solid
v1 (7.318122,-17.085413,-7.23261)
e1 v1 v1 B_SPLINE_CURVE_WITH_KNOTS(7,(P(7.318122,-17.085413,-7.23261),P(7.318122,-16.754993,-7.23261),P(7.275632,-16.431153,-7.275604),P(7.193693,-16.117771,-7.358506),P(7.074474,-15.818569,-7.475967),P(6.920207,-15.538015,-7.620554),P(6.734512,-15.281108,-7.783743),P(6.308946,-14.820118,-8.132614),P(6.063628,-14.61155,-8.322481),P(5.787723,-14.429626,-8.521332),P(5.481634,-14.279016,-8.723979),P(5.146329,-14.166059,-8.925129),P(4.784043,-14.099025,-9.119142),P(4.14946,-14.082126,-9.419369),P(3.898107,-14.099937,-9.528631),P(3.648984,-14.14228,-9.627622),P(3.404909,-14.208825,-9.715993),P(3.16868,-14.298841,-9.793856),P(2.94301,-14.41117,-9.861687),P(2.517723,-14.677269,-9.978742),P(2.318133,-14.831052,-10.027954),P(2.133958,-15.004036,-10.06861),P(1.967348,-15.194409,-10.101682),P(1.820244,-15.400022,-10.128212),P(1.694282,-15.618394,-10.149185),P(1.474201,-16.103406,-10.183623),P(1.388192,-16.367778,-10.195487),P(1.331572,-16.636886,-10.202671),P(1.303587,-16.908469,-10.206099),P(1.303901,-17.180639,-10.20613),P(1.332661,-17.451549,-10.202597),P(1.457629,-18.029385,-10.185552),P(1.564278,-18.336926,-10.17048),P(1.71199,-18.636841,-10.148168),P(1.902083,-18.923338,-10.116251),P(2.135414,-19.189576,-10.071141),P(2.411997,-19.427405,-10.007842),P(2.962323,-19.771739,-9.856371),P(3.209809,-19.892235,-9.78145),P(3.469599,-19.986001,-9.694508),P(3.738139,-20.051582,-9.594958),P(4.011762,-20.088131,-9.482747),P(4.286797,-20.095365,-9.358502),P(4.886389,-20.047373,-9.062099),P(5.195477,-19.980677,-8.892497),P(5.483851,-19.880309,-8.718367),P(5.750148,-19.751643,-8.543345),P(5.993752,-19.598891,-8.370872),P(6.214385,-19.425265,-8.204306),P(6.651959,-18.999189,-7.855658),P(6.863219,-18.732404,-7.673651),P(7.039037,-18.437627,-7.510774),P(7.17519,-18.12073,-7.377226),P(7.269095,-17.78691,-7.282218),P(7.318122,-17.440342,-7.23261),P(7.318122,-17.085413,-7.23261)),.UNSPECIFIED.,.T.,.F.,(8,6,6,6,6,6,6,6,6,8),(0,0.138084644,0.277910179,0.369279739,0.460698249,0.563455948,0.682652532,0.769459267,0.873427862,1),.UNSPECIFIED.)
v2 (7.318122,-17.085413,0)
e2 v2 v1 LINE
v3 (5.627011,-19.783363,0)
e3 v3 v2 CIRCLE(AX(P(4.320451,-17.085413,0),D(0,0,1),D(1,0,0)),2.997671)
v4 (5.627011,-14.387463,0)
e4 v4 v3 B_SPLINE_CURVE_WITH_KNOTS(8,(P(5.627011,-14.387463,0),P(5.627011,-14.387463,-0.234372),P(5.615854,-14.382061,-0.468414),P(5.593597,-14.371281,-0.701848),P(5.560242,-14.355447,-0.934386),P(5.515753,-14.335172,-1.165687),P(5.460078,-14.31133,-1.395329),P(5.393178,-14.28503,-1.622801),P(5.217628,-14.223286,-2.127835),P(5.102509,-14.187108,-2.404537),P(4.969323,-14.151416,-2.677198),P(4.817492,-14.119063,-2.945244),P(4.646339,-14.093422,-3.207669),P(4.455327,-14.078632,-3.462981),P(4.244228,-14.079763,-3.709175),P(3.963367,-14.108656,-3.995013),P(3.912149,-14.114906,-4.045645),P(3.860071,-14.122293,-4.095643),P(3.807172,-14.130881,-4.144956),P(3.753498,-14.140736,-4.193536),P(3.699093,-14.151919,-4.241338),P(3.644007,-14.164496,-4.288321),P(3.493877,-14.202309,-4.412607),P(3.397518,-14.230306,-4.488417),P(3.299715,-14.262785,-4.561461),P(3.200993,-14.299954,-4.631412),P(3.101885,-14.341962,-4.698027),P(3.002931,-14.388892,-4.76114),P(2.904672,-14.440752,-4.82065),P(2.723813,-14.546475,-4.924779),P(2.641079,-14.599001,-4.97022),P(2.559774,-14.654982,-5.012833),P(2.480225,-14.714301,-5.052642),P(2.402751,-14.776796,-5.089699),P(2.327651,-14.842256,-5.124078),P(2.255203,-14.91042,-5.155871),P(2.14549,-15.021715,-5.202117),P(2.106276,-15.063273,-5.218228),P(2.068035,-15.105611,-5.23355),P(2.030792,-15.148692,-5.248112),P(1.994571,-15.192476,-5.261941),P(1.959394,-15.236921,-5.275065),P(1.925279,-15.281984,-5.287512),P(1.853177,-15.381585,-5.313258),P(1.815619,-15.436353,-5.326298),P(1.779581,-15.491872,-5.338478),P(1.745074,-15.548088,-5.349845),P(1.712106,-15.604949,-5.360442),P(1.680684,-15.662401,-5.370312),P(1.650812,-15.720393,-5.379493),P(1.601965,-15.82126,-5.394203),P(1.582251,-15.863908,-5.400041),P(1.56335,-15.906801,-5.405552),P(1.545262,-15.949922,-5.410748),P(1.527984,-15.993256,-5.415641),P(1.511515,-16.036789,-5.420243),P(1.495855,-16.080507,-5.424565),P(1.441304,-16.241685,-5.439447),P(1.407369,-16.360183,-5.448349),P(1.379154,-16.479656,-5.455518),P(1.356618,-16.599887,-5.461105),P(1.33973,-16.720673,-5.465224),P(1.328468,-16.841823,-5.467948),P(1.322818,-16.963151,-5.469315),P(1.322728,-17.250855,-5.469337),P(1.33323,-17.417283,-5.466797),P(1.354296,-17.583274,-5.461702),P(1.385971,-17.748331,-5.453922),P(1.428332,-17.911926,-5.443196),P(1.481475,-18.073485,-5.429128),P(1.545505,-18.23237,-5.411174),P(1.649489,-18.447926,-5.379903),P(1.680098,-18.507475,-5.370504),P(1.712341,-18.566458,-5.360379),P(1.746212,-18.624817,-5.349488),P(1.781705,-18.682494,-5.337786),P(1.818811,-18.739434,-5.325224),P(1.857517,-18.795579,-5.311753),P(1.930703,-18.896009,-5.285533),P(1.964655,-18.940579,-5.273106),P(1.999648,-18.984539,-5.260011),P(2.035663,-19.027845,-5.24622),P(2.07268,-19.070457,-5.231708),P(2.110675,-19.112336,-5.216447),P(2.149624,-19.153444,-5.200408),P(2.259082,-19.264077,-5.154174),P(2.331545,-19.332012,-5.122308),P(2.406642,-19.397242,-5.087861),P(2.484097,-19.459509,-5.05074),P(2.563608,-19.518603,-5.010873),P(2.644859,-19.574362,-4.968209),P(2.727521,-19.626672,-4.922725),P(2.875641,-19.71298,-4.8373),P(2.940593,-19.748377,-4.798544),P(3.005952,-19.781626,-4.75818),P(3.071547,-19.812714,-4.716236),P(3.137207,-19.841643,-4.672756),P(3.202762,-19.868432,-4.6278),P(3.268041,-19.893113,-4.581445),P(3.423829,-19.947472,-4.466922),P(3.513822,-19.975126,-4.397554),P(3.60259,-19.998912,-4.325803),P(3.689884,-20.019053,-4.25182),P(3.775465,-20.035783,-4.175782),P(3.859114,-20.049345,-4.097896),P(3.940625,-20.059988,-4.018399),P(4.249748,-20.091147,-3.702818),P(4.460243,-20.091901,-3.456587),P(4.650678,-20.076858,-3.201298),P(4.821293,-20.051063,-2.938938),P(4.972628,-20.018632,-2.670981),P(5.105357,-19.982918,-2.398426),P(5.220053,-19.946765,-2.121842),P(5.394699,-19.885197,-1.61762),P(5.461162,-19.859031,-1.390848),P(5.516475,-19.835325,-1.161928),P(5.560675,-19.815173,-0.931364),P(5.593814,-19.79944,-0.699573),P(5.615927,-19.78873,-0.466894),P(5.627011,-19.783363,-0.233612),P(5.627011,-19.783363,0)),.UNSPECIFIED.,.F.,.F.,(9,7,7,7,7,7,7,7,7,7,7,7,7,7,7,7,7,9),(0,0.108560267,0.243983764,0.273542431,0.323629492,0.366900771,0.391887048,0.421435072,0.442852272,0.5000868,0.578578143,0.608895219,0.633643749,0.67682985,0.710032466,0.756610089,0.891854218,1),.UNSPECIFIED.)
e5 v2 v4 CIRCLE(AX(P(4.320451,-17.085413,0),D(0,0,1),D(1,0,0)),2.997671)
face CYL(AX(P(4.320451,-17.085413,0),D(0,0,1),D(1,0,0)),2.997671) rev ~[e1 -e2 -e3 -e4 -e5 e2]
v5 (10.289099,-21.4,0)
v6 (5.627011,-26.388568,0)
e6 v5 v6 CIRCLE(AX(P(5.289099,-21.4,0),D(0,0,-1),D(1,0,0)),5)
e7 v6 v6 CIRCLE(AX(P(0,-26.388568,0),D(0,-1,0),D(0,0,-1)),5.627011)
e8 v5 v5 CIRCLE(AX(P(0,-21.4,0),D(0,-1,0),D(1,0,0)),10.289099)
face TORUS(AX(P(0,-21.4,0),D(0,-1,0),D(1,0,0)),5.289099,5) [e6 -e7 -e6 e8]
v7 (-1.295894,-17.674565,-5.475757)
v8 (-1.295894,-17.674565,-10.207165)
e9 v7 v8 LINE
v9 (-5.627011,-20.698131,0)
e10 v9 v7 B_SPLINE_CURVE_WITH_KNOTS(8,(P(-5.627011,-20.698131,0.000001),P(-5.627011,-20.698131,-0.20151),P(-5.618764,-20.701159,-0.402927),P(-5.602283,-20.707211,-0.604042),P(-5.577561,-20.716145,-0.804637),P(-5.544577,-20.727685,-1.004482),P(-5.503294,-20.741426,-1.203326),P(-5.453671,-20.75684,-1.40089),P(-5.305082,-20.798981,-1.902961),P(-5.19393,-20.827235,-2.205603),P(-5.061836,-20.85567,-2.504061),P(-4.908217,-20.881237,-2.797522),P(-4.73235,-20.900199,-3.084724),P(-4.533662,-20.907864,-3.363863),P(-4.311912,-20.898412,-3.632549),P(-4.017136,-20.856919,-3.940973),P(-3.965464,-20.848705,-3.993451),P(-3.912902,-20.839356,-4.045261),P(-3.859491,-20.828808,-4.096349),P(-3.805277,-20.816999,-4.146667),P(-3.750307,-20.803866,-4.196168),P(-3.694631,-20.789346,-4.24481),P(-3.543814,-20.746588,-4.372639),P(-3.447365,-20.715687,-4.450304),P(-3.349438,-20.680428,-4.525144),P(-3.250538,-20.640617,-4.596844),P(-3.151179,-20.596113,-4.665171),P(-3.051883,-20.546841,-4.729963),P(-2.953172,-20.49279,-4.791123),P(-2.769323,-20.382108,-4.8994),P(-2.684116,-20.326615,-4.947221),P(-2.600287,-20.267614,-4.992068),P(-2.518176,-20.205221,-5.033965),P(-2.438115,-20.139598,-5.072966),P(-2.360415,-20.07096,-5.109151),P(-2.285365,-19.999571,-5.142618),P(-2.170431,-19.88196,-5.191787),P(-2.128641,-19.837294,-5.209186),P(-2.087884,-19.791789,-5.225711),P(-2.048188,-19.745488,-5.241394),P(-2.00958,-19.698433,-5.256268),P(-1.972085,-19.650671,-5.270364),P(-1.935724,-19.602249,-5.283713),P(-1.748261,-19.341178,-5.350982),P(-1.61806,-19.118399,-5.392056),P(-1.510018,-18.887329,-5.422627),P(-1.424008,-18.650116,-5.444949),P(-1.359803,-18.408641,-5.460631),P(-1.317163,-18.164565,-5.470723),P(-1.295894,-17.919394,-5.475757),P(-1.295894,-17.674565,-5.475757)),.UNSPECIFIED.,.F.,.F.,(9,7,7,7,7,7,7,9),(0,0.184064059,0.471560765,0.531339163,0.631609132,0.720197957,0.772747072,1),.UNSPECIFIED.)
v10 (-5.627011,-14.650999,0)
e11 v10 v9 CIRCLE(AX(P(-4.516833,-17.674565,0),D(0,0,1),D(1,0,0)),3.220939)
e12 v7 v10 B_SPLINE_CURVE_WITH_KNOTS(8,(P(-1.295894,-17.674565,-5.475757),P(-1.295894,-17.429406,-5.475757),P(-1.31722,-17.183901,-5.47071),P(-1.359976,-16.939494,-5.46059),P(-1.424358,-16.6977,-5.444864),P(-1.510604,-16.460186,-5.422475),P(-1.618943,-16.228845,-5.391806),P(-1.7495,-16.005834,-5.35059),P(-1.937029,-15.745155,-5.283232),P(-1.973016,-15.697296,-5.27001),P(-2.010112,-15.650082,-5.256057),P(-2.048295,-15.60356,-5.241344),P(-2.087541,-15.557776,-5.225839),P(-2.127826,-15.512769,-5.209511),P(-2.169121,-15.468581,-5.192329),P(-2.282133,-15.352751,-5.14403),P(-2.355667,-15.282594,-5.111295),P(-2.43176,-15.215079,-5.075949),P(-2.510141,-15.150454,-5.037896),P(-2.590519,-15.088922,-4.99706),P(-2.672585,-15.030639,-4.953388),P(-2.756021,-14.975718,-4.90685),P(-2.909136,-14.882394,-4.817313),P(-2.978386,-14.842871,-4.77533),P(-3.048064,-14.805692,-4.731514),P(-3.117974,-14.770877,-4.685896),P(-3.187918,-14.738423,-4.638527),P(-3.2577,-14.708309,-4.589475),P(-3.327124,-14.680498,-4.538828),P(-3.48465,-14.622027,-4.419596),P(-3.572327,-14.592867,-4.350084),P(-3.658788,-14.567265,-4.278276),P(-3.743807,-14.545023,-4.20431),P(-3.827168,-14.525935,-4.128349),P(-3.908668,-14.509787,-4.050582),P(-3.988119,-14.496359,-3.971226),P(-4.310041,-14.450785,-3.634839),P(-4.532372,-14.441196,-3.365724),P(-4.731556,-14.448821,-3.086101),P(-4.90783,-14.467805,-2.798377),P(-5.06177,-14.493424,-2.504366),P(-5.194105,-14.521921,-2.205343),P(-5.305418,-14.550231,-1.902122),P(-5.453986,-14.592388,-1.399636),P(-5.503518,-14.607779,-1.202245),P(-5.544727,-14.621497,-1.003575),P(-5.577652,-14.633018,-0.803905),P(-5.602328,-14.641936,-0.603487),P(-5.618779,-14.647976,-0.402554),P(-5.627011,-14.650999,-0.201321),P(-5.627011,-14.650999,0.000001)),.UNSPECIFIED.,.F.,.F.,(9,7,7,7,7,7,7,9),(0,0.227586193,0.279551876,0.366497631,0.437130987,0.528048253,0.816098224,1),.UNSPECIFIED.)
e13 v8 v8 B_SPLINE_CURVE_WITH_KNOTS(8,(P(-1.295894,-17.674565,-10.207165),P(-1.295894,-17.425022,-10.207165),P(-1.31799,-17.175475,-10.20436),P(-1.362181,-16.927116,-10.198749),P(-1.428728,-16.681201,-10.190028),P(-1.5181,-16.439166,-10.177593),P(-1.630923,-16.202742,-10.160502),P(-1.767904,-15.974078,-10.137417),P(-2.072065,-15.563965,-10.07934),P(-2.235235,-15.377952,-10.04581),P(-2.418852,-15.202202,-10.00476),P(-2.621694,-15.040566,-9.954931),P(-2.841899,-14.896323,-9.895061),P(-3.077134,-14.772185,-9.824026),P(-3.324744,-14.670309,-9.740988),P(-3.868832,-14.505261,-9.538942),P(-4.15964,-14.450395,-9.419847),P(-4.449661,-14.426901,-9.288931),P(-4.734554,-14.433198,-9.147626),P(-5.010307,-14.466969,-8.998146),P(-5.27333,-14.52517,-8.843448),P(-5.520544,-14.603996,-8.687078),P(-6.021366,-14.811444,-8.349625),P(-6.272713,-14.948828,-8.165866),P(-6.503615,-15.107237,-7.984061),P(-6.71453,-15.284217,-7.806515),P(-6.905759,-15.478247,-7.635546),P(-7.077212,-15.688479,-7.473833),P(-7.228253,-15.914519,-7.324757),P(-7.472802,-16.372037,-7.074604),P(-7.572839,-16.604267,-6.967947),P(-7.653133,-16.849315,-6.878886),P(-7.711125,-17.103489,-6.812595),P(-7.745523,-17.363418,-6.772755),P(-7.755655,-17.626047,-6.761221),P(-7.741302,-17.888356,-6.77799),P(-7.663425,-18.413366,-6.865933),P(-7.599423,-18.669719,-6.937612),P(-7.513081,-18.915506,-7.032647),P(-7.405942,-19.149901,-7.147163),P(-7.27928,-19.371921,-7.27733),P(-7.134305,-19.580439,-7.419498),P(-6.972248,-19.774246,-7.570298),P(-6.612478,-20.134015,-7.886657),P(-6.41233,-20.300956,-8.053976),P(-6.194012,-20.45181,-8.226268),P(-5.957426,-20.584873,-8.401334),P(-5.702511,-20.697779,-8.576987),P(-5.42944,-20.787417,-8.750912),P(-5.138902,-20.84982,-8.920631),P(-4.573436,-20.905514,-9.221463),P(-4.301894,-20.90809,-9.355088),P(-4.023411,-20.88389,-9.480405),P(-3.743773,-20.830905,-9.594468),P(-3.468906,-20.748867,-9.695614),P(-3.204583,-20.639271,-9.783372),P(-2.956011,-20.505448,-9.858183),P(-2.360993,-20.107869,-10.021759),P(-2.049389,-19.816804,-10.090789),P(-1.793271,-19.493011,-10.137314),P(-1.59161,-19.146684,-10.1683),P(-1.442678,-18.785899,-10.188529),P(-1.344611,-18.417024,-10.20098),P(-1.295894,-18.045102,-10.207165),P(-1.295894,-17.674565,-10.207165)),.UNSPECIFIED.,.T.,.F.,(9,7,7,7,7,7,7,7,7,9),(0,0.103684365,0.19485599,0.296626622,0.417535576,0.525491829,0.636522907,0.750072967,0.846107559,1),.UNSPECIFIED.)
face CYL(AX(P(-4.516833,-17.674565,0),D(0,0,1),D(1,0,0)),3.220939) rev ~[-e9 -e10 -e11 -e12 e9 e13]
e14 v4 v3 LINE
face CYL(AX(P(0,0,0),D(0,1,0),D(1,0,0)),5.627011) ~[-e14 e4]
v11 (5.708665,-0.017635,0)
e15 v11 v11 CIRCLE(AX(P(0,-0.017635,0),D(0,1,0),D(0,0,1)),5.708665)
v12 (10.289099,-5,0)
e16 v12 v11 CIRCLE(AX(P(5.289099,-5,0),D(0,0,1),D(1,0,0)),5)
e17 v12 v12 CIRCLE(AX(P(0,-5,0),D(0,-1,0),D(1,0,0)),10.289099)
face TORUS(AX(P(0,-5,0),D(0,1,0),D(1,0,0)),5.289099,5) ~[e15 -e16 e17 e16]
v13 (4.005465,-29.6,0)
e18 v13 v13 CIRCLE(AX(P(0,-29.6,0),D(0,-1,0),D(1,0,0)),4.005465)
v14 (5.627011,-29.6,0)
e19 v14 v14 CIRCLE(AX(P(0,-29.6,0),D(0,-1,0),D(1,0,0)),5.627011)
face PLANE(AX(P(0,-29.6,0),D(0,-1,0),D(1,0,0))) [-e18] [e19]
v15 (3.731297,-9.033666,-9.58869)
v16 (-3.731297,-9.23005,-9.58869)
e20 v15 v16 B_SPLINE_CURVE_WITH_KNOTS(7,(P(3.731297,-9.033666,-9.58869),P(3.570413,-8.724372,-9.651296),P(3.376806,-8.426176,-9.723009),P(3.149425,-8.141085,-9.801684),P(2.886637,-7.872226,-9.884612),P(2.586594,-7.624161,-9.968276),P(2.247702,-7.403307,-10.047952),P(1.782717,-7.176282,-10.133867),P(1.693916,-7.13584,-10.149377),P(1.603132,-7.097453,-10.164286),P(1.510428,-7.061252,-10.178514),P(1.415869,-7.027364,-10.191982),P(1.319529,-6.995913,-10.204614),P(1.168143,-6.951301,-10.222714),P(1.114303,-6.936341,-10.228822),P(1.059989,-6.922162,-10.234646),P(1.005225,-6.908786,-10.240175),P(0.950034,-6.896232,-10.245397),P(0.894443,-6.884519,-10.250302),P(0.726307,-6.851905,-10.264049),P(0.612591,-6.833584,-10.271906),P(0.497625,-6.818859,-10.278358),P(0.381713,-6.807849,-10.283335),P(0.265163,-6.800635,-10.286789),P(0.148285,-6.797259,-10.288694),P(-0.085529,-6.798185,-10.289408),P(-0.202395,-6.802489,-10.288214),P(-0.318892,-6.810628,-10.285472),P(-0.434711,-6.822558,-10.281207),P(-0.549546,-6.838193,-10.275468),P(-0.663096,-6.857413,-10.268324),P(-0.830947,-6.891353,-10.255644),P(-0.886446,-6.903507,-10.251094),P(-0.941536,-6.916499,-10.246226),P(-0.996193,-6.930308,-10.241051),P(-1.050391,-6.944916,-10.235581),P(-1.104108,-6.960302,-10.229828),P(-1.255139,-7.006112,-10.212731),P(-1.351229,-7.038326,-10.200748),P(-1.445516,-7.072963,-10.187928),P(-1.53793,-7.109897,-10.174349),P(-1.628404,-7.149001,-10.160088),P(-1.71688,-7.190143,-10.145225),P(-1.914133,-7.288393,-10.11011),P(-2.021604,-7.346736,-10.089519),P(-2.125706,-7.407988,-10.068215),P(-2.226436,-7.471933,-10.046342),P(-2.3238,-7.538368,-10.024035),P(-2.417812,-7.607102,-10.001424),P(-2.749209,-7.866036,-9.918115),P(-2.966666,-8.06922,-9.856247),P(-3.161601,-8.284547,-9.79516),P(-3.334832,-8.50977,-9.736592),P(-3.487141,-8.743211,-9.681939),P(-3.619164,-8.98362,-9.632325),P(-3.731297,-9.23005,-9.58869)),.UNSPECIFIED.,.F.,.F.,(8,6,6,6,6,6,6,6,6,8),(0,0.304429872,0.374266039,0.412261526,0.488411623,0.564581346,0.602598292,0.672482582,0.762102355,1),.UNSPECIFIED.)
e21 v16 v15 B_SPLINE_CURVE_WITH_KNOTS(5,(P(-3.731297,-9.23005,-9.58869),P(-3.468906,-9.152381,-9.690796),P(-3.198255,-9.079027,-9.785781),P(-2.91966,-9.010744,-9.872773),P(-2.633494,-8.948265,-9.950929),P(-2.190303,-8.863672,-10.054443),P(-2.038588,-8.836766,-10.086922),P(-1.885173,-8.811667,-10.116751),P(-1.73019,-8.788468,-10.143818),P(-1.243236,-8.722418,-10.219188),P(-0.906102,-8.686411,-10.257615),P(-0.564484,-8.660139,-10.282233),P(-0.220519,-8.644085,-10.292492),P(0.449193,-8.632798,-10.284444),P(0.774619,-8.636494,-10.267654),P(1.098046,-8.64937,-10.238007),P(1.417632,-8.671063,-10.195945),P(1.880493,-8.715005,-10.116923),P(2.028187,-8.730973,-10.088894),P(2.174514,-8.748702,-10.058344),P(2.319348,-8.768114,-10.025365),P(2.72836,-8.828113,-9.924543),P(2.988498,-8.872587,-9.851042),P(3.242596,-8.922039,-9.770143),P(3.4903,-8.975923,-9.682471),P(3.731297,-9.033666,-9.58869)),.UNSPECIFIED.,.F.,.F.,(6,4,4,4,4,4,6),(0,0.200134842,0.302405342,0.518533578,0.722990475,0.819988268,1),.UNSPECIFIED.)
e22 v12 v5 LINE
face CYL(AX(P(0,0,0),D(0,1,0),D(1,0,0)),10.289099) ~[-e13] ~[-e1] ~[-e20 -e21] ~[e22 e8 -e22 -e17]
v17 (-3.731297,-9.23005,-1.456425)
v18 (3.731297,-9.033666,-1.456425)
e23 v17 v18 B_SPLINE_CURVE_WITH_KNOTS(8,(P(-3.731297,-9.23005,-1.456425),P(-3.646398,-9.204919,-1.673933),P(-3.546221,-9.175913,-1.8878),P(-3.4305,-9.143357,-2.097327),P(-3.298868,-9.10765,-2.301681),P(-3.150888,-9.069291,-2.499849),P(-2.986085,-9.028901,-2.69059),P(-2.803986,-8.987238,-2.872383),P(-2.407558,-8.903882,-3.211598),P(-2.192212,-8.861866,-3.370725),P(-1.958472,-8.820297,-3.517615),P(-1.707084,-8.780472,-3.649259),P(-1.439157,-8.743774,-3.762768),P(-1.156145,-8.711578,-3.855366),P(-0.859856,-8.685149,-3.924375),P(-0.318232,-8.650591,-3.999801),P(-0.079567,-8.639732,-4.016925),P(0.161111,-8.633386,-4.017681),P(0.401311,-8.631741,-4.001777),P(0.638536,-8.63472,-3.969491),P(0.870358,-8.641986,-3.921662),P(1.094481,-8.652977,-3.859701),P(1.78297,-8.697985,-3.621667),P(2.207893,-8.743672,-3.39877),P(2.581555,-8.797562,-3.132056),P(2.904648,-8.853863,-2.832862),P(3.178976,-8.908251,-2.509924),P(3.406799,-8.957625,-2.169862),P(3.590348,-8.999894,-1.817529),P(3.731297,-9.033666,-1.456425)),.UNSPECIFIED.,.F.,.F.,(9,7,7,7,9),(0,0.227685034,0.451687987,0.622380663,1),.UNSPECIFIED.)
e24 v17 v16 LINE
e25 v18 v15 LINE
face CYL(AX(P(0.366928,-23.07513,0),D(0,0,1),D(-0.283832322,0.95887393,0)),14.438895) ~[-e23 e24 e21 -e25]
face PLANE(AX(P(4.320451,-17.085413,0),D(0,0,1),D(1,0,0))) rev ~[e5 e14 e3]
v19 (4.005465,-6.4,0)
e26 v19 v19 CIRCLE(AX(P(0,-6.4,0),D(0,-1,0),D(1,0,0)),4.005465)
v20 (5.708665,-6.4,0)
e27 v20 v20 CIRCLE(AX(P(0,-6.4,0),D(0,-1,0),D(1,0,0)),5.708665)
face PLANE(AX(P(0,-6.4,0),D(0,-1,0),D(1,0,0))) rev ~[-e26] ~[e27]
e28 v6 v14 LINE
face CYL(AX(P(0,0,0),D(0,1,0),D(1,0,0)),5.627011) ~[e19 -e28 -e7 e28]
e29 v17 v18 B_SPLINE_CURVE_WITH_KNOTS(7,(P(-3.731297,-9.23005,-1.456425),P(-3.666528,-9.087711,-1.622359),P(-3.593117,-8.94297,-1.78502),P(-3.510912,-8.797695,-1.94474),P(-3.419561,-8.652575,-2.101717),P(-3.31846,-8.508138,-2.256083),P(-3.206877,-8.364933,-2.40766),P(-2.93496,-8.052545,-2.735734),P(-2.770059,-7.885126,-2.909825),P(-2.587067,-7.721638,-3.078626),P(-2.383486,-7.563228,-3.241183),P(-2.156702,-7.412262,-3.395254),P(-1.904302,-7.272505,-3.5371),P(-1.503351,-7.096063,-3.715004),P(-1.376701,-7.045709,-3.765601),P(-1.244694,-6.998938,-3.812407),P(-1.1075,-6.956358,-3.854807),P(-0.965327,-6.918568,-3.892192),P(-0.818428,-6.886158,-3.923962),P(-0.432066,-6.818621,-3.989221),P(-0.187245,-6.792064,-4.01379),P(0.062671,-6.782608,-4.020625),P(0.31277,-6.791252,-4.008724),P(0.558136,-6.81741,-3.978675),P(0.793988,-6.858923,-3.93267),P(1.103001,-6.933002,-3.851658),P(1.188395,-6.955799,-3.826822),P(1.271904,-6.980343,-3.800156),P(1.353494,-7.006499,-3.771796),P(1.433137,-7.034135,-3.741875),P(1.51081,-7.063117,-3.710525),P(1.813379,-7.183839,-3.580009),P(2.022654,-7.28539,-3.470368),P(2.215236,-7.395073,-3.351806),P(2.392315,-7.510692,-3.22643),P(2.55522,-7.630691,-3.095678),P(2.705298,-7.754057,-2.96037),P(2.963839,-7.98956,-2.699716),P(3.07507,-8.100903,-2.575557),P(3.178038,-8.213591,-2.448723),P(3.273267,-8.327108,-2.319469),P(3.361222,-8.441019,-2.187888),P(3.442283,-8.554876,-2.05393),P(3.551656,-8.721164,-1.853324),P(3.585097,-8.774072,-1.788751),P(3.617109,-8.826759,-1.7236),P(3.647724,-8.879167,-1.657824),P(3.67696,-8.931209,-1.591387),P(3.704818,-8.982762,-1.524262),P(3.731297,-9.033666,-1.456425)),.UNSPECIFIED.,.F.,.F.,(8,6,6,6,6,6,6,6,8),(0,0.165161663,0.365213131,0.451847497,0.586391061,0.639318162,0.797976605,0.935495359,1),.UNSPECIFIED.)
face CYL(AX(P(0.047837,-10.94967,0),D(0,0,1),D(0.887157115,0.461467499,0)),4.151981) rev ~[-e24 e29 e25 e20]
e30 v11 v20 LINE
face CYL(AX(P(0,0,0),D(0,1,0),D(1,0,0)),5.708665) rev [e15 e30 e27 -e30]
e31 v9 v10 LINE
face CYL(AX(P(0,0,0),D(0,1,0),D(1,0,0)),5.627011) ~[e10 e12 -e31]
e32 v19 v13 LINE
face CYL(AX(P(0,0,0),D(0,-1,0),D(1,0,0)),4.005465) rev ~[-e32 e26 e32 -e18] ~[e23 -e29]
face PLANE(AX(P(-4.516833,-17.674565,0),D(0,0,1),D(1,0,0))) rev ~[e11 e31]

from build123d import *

# Parameters (mm, degrees)
F0_R      = 10.289099
F2_DEPTH  = 26.4
F4_R      = 5
F5_R      = 5.460042
F3_R      = 5.477672
F6_DEPTH  = 10.3
F7_R      = 2.997671
F8_DEPTH  = 15.6
F9_R      = 3.220939
F10_DEPTH = 25
F11_R     = 5.627011
F12_DEPTH = 29.6
F13_R     = 5.708665
F14_DEPTH = 6.4
F15_R     = 4.005465
F16_DEPTH = 46.1
F18_DEPTH = 44.9


with BuildPart() as f2:
    # F0 (on Front) → F2 (new body)
    with BuildSketch(Plane.XZ):
        Circle(F0_R)
    extrude(amount=F2_DEPTH)

    # F4
    f4_edges = [f2.edges().sort_by_distance(p)[0] for p in [
        (-10.289099, -26.4, 0),
        (-10.289099, 0, 0),
    ]]
    fillet(f4_edges, radius=F4_R)

    # F5 (on Front) + F3 (on Front) → F6 (cut)
    with BuildSketch(Plane.XZ):
        Circle(F5_R)
    with BuildSketch(Plane.XZ):
        Circle(F3_R)
    extrude(amount=F6_DEPTH, mode=Mode.SUBTRACT)

    # F7 (on Top) → F8 (cut)
    with BuildSketch(Plane.XY):
        with Locations((4.320451, -17.085413)):
            Circle(F7_R)
    extrude(amount=-F8_DEPTH, mode=Mode.SUBTRACT)

    # F9 (on Top) → F10 (cut)
    with BuildSketch(Plane.XY):
        with Locations((-4.516833, -17.674565)):
            Circle(F9_R)
    extrude(amount=-F10_DEPTH, mode=Mode.SUBTRACT)

    # F11 (on Front) → F12 (join)
    with BuildSketch(Plane.XZ):
        Circle(F11_R)
    extrude(amount=F12_DEPTH)

    # F13 (on Front) → F14 (cut)
    with BuildSketch(Plane.XZ):
        Circle(F13_R)
    extrude(amount=F14_DEPTH, mode=Mode.SUBTRACT)

    # F15 (on Front) → F16 (cut, symmetric)
    with BuildSketch(Plane.XZ):
        Circle(F15_R)
    extrude(amount=F16_DEPTH, both=True, mode=Mode.SUBTRACT)

    # F17 (on Top) → F18 (cut)
    with BuildSketch(Plane.XY):
        with BuildLine():
            ThreePointArc((-3.731297, -9.23005), (-0.012911, -8.641232), (3.731297, -9.033666))
            ThreePointArc((3.731297, -9.033666), (-0.061388, -6.799126), (-3.731297, -9.23005))
        make_face()
    extrude(amount=-F18_DEPTH, mode=Mode.SUBTRACT)


solid = f2.part
